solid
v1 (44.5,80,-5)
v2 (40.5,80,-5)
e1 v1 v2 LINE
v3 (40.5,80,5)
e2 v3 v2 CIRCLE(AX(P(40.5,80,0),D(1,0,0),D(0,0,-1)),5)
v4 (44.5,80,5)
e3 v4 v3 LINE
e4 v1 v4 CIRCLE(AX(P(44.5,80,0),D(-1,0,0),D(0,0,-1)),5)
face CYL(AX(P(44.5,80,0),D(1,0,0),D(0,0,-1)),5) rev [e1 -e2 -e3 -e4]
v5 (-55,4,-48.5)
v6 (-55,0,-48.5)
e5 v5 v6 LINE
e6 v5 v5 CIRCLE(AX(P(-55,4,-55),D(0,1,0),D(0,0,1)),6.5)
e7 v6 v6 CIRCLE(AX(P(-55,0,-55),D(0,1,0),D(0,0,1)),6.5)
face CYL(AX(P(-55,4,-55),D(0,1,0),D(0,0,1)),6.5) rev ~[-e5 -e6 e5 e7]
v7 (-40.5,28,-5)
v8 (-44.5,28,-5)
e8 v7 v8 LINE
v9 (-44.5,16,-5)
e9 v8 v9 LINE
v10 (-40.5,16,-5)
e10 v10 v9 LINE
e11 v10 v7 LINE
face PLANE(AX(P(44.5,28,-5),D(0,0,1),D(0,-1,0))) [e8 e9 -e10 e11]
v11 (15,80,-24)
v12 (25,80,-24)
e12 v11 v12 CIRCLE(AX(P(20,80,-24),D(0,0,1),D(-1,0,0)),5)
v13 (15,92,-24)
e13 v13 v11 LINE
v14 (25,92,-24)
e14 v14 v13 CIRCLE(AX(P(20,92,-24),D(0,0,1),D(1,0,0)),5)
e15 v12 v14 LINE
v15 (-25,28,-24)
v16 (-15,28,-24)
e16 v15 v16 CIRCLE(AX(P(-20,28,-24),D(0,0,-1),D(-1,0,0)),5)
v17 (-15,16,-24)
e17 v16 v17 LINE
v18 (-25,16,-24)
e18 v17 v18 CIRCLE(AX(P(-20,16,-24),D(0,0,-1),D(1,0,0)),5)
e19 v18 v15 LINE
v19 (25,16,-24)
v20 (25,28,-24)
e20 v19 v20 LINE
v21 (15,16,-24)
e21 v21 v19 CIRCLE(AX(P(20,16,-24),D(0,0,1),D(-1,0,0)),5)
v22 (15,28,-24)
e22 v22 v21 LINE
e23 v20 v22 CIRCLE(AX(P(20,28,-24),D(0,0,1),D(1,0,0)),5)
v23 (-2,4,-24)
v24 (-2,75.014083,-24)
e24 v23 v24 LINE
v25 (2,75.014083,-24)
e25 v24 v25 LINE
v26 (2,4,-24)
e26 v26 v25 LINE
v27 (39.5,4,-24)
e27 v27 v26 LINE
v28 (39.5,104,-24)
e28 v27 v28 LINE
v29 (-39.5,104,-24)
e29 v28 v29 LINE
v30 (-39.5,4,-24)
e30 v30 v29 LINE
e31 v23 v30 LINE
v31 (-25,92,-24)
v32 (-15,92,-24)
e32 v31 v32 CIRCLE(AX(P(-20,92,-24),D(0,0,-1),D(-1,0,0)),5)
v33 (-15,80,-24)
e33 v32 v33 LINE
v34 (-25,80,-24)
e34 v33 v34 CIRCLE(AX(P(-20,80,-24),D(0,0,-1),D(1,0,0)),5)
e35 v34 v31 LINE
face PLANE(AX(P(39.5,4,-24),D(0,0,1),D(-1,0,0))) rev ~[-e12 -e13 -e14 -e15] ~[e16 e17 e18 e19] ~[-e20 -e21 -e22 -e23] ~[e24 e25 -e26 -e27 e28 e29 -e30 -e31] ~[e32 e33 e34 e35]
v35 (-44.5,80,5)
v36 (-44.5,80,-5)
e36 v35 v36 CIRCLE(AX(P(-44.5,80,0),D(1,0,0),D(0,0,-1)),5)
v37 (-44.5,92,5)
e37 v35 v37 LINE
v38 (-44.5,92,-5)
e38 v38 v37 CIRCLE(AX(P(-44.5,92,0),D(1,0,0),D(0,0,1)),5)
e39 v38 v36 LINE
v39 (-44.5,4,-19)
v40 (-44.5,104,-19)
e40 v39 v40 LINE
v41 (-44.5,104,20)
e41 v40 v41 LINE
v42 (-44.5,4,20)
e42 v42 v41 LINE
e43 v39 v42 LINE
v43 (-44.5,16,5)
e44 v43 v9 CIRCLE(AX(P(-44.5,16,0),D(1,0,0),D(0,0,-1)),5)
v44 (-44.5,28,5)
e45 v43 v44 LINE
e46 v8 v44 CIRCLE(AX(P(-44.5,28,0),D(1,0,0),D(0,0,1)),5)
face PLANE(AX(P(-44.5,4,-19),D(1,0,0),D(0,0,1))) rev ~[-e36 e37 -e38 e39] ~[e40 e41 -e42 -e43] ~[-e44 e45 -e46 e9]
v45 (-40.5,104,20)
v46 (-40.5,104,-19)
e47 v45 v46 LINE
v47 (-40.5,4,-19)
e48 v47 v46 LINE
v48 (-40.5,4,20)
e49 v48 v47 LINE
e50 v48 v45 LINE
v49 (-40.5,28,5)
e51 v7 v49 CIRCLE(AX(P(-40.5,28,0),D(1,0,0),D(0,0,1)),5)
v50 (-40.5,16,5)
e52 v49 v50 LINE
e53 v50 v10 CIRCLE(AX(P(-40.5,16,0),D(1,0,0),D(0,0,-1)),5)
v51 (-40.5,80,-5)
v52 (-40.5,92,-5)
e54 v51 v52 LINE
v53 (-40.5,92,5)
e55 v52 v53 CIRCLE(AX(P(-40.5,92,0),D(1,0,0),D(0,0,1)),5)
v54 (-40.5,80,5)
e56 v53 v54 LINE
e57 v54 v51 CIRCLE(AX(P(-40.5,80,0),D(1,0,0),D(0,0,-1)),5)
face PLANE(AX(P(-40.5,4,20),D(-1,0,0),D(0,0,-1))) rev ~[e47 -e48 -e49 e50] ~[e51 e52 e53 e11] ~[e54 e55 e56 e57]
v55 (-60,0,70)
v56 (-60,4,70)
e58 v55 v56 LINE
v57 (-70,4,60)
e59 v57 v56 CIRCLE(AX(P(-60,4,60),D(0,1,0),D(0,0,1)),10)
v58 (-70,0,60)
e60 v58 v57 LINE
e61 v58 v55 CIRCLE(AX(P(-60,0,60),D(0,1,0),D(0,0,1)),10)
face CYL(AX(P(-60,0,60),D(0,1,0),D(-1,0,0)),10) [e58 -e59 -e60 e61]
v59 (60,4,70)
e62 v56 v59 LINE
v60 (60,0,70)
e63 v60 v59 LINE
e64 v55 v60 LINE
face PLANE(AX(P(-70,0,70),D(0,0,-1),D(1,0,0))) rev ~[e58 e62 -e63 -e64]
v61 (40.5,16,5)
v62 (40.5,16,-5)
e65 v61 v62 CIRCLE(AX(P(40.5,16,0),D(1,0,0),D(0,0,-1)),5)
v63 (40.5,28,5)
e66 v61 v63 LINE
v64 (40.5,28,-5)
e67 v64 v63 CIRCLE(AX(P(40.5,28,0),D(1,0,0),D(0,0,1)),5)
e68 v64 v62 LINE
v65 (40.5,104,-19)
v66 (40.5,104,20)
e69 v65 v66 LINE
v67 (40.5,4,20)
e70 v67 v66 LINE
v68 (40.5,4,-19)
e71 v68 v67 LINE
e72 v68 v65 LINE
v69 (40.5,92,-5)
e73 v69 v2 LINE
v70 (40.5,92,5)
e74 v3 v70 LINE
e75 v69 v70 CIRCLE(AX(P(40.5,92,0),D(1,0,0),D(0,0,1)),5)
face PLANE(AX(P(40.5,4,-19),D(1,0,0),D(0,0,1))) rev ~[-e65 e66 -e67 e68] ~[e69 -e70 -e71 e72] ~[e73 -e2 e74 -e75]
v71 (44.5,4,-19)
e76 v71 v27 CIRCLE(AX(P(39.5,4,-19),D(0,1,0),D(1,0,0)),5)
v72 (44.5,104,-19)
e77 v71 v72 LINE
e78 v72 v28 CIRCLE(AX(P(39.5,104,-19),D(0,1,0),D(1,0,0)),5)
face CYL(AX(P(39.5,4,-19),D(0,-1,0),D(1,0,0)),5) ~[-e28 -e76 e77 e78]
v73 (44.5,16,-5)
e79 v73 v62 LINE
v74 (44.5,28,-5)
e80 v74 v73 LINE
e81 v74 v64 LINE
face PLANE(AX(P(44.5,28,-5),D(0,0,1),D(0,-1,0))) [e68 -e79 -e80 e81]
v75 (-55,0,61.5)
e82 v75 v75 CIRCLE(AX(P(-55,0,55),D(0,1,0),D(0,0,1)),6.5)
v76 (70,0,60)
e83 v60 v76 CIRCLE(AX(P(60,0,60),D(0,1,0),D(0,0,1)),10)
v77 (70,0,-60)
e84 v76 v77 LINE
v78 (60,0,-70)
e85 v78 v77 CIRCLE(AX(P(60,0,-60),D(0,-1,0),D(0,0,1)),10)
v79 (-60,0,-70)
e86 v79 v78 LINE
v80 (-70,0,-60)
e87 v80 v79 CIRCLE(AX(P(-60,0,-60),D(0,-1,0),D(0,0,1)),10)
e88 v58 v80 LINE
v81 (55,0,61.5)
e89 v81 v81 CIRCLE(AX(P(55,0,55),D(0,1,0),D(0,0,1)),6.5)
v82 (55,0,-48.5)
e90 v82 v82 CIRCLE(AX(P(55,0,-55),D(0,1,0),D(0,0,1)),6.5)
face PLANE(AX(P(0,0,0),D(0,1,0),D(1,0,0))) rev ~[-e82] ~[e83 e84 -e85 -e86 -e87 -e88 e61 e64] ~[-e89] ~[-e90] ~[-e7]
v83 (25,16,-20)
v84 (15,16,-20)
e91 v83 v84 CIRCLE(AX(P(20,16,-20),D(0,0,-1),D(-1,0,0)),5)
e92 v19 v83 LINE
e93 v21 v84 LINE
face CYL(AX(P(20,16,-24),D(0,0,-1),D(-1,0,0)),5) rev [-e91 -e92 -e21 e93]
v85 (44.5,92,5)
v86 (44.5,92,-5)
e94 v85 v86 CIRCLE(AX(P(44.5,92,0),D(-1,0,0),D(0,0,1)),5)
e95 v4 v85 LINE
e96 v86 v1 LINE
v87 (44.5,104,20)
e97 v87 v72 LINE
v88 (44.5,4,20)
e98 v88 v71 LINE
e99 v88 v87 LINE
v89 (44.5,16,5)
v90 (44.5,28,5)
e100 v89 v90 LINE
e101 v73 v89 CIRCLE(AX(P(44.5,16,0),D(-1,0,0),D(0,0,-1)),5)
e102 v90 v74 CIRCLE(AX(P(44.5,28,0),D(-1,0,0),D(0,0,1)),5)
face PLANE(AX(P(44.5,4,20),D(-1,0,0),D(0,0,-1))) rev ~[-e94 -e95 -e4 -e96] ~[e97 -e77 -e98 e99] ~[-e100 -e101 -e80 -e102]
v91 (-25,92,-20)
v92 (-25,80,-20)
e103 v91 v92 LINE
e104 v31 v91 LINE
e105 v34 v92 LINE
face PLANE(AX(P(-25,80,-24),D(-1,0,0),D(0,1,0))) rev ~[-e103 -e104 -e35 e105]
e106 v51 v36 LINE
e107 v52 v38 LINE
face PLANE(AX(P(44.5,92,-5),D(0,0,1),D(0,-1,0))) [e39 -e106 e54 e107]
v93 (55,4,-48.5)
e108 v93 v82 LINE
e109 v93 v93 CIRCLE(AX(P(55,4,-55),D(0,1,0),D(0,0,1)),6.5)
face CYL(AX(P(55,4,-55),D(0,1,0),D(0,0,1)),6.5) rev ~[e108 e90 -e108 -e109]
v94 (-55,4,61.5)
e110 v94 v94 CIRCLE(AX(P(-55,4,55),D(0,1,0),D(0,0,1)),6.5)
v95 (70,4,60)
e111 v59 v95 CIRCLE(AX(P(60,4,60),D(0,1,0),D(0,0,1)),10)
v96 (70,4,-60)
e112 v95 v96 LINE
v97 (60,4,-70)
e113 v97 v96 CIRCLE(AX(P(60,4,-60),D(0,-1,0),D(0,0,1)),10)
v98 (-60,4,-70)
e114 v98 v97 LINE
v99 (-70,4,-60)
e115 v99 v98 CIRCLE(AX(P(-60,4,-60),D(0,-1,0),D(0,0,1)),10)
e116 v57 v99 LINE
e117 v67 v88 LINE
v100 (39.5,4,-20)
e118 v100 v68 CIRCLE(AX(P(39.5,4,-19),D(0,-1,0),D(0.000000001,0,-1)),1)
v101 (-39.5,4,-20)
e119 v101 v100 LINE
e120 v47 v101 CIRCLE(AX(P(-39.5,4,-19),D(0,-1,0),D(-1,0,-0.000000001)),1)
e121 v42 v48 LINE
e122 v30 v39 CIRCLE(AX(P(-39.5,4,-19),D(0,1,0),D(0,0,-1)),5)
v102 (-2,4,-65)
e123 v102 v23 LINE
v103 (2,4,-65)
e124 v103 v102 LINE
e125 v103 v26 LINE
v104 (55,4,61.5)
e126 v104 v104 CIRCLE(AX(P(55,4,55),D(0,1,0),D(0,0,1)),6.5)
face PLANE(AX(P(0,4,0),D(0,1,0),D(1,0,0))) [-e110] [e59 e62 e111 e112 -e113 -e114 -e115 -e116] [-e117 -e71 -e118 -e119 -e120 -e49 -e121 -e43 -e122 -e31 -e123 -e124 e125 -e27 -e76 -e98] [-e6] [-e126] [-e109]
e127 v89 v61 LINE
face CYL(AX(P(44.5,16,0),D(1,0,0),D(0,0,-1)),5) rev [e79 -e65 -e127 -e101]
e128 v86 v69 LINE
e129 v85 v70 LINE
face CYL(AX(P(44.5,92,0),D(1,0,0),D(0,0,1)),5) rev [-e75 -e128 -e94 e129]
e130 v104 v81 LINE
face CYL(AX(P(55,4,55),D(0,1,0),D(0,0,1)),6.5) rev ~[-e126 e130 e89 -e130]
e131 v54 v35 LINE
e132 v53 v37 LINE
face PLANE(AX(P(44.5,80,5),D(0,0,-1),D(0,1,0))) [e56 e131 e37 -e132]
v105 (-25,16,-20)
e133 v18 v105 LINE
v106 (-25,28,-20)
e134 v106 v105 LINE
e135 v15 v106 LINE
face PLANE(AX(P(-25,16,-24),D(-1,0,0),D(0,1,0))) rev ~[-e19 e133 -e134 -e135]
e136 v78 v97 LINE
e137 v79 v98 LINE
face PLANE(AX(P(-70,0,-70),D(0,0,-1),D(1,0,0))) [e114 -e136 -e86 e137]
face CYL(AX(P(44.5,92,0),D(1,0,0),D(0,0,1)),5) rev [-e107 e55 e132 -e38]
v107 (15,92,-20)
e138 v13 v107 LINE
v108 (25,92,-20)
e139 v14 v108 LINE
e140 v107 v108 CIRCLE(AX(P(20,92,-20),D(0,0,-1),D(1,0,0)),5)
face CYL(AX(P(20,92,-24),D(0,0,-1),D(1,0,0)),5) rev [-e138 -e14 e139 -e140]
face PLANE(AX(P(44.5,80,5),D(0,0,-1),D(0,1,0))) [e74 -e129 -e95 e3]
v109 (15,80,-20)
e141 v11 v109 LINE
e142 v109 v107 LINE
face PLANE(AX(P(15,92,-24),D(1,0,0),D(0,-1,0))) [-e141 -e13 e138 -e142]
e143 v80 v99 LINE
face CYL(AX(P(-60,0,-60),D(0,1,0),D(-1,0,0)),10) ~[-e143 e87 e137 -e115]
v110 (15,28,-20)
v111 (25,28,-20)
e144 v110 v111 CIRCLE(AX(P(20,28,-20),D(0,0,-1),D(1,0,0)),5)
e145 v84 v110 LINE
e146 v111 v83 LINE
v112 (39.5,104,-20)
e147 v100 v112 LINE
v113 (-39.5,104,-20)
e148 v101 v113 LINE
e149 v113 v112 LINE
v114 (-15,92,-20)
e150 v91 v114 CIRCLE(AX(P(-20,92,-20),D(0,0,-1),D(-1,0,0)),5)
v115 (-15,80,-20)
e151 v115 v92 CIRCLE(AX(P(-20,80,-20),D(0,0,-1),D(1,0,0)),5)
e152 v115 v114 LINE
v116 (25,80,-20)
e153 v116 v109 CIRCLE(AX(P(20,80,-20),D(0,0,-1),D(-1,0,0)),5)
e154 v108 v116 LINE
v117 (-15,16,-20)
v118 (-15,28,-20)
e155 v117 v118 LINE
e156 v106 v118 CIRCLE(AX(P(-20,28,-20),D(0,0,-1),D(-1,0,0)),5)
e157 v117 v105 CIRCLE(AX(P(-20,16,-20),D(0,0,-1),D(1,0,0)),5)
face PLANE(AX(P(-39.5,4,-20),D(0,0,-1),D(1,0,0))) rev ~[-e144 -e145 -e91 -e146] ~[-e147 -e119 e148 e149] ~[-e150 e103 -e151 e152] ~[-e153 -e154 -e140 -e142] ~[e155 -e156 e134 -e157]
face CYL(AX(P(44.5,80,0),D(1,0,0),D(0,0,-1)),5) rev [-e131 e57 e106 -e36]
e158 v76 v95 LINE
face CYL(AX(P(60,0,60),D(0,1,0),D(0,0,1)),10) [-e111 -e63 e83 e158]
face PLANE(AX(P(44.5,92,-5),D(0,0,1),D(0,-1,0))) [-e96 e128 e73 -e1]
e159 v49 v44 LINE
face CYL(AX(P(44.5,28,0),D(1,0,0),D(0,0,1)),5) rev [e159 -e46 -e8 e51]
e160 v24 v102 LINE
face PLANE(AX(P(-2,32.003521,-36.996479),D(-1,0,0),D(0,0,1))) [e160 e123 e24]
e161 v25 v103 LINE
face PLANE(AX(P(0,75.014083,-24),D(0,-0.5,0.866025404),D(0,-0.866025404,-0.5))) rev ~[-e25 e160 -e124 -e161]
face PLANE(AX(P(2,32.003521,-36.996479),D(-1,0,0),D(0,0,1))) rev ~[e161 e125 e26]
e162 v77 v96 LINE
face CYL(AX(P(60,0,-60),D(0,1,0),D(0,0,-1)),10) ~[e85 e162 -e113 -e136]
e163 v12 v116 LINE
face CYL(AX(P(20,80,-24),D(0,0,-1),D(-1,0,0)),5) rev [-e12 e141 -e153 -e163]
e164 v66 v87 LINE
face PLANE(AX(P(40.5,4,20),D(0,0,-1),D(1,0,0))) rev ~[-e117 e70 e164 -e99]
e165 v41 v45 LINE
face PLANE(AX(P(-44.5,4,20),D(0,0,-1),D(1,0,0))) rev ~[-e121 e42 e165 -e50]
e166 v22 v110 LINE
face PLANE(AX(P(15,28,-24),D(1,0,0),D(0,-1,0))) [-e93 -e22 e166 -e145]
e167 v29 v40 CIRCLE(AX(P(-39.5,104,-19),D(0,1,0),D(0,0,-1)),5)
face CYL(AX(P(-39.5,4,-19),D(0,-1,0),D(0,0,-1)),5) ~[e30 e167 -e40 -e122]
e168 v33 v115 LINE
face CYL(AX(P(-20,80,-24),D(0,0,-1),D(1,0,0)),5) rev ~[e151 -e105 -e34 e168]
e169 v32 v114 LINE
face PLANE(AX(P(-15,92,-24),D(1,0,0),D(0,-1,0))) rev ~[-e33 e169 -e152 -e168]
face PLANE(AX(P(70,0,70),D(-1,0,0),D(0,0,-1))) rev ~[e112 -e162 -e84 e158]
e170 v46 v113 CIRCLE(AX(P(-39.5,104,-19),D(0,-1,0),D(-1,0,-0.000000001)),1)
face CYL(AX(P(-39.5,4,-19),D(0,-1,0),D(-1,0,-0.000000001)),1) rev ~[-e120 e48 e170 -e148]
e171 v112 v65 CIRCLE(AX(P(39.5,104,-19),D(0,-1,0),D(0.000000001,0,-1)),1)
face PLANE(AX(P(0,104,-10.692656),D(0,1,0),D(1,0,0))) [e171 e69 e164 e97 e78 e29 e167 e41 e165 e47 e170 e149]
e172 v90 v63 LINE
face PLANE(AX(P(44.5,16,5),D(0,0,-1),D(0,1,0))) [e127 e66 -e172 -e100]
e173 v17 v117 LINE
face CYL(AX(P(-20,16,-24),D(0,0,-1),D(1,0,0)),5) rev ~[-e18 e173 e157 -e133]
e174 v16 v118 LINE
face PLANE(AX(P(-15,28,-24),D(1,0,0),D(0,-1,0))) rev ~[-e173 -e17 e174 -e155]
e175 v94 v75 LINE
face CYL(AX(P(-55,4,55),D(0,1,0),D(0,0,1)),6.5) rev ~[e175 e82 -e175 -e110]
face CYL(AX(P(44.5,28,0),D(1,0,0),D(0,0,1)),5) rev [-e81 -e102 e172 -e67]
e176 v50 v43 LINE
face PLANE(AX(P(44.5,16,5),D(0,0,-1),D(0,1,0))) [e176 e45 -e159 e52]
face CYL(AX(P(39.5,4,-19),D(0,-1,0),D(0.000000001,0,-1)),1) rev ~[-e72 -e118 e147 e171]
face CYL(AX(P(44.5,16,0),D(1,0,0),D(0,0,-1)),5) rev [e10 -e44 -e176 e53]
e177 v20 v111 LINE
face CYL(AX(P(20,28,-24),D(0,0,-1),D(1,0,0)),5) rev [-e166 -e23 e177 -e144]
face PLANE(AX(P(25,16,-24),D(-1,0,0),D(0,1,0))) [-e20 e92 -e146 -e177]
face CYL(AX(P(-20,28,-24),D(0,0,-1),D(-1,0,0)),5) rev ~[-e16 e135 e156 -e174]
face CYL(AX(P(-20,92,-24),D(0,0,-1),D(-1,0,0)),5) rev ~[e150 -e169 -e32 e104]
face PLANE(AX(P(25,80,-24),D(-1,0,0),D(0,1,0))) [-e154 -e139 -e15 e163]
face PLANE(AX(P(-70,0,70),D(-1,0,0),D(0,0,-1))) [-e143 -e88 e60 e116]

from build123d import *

# Parameters (mm, degrees)
SKETCH_2_W          = 140
SKETCH_2_H          = 140
EXTRUDE_1_DEPTH     = 4
EXTRUDE_1_2_DEPTH   = 100
EXTRUDE_2_DEPTH     = 2
CUT_EXTRUDE_1_DEPTH = 115.5
SKETCH_6_R          = 6.5
CUT_EXTRUDE_2_DEPTH = 5
FILLET_1_R          = 10
CUT_EXTRUDE_3_REACH = 96


with BuildPart() as part:
    # Эскиз2 → Extrude 1 (new body)
    with BuildSketch(Plane(origin=(0, 0, 0), x_dir=(1, 0, 0), z_dir=(0, 1, 0))):
        Rectangle(SKETCH_2_W, SKETCH_2_H)
    extrude(amount=EXTRUDE_1_DEPTH)

    # Эскиз3 → Extrude 1 2 (add)
    with BuildSketch(Plane(origin=(0, 4, 0), x_dir=(1, 0, 0), z_dir=(0, 1, 0))):
        with BuildLine():
            Line((-40.5, -20), (-40.5, 19))
            ThreePointArc((-40.5, 19), (-40.207106781, 19.707106781), (-39.5, 20))
            Line((-39.5, 20), (39.5, 20))
            ThreePointArc((39.5, 20), (40.207106781, 19.707106781), (40.5, 19))
            Line((40.5, 19), (40.5, -20))
            Line((40.5, -20), (44.5, -20))
            Line((44.5, -20), (44.5, 19))
            ThreePointArc((44.5, 19), (43.035533906, 22.535533906), (39.5, 24))
            Line((39.5, 24), (-39.5, 24))
            ThreePointArc((-39.5, 24), (-43.035533906, 22.535533906), (-44.5, 19))
            Line((-44.5, 19), (-44.5, -20))
            Line((-44.5, -20), (-40.5, -20))
        make_face()
    extrude(amount=EXTRUDE_1_2_DEPTH)

    # Эскиз4 → Бобышка-Вытянуть2 (add, symmetric)
    with BuildSketch(Plane(origin=(0, 0, 0), x_dir=(0, 0, -1), z_dir=(1, 0, 0))):
        Polygon((24, 75.01408311), (65, 4), (24, 4), align=None)
    extrude(amount=EXTRUDE_2_DEPTH, both=True)

    # Эскиз5 → Вырез-Вытянуть1 (cut, through all)
    with BuildSketch(Plane(origin=(44.5, 0, 0), x_dir=(0, 0, -1), z_dir=(1, 0, 0))):
        with BuildLine():
            Line((5, 92), (5, 80))
            ThreePointArc((5, 80), (0, 75), (-5, 80))
            Line((-5, 80), (-5, 92))
            ThreePointArc((-5, 92), (0, 97), (5, 92))
        make_face()
        with BuildLine():
            Line((5, 28), (5, 16))
            ThreePointArc((5, 16), (0, 11), (-5, 16))
            Line((-5, 16), (-5, 28))
            ThreePointArc((-5, 28), (0, 33), (5, 28))
        make_face()
    extrude(amount=-CUT_EXTRUDE_1_DEPTH, mode=Mode.SUBTRACT)

    # Эскиз6 → Вырез-Вытянуть2 (cut, through all)
    with BuildSketch(Plane(origin=(0, 4, 0), x_dir=(1, 0, 0), z_dir=(0, 1, 0))):
        with Locations(Location((-55, 55, 0), (0, 0, 270))):  # turned: the seam where the file's is
            Circle(SKETCH_6_R)
        with Locations(Location((-55, -55, 0), (0, 0, 270))):  # turned: the seam where the file's is
            Circle(SKETCH_6_R)
        with Locations(Location((55, 55, 0), (0, 0, 270))):  # turned: the seam where the file's is
            Circle(SKETCH_6_R)
        with Locations(Location((55, -55, 0), (0, 0, 270))):  # turned: the seam where the file's is
            Circle(SKETCH_6_R)
    extrude(amount=-CUT_EXTRUDE_2_DEPTH, mode=Mode.SUBTRACT)

    # Скругление1
    fillet_1_edges = [part.edges().sort_by_distance(p)[0] for p in [
        (70, 2, 70),
        (-70, 2, 70),
        (-70, 2, -70),
        (70, 2, -70),
    ]]
    fillet(fillet_1_edges, radius=FILLET_1_R)

    # Эскиз8 → Вырез-Вытянуть3 (cut, up to next)
    with BuildSketch(Plane(origin=(0, 0, -24), x_dir=(-1, 0, 0), z_dir=(0, 0, -1)), mode=Mode.PRIVATE) as cut_extrude_3_sk1:
        with BuildLine():
            Line((-15, 92), (-15, 80))
            ThreePointArc((-15, 80), (-20, 75), (-25, 80))
            Line((-25, 80), (-25, 92))
            ThreePointArc((-25, 92), (-20, 97), (-15, 92))
        make_face()
    cut_extrude_3_tool1 = extrude(cut_extrude_3_sk1.sketch, amount=-CUT_EXTRUDE_3_REACH, mode=Mode.PRIVATE) & part.part
    add(cut_extrude_3_tool1.solids().sort_by_distance((20, 86, -24))[0], mode=Mode.SUBTRACT)
    # Эскиз8 → Вырез-Вытянуть3 (cut, up to next)
    with BuildSketch(Plane(origin=(0, 0, -24), x_dir=(-1, 0, 0), z_dir=(0, 0, -1)), mode=Mode.PRIVATE) as cut_extrude_3_sk2:
        with BuildLine():
            Line((-15, 28), (-15, 16))
            ThreePointArc((-15, 16), (-20, 11), (-25, 16))
            Line((-25, 16), (-25, 28))
            ThreePointArc((-25, 28), (-20, 33), (-15, 28))
        make_face()
    cut_extrude_3_tool2 = extrude(cut_extrude_3_sk2.sketch, amount=-CUT_EXTRUDE_3_REACH, mode=Mode.PRIVATE) & part.part
    add(cut_extrude_3_tool2.solids().sort_by_distance((20, 22, -24))[0], mode=Mode.SUBTRACT)
    # Эскиз8 → Вырез-Вытянуть3 (cut, up to next)
    with BuildSketch(Plane(origin=(0, 0, -24), x_dir=(-1, 0, 0), z_dir=(0, 0, -1)), mode=Mode.PRIVATE) as cut_extrude_3_sk3:
        with BuildLine():
            Line((15, 92), (15, 80))
            ThreePointArc((15, 80), (20, 75), (25, 80))
            Line((25, 80), (25, 92))
            ThreePointArc((25, 92), (20, 97), (15, 92))
        make_face()
    cut_extrude_3_tool3 = extrude(cut_extrude_3_sk3.sketch, amount=-CUT_EXTRUDE_3_REACH, mode=Mode.PRIVATE) & part.part
    add(cut_extrude_3_tool3.solids().sort_by_distance((-20, 86, -24))[0], mode=Mode.SUBTRACT)
    # Эскиз8 → Вырез-Вытянуть3 (cut, up to next)
    with BuildSketch(Plane(origin=(0, 0, -24), x_dir=(-1, 0, 0), z_dir=(0, 0, -1)), mode=Mode.PRIVATE) as cut_extrude_3_sk4:
        with BuildLine():
            Line((15, 28), (15, 16))
            ThreePointArc((15, 16), (20, 11), (25, 16))
            Line((25, 16), (25, 28))
            ThreePointArc((25, 28), (20, 33), (15, 28))
        make_face()
    cut_extrude_3_tool4 = extrude(cut_extrude_3_sk4.sketch, amount=-CUT_EXTRUDE_3_REACH, mode=Mode.PRIVATE) & part.part
    add(cut_extrude_3_tool4.solids().sort_by_distance((-20, 22, -24))[0], mode=Mode.SUBTRACT)


solid = part.part
